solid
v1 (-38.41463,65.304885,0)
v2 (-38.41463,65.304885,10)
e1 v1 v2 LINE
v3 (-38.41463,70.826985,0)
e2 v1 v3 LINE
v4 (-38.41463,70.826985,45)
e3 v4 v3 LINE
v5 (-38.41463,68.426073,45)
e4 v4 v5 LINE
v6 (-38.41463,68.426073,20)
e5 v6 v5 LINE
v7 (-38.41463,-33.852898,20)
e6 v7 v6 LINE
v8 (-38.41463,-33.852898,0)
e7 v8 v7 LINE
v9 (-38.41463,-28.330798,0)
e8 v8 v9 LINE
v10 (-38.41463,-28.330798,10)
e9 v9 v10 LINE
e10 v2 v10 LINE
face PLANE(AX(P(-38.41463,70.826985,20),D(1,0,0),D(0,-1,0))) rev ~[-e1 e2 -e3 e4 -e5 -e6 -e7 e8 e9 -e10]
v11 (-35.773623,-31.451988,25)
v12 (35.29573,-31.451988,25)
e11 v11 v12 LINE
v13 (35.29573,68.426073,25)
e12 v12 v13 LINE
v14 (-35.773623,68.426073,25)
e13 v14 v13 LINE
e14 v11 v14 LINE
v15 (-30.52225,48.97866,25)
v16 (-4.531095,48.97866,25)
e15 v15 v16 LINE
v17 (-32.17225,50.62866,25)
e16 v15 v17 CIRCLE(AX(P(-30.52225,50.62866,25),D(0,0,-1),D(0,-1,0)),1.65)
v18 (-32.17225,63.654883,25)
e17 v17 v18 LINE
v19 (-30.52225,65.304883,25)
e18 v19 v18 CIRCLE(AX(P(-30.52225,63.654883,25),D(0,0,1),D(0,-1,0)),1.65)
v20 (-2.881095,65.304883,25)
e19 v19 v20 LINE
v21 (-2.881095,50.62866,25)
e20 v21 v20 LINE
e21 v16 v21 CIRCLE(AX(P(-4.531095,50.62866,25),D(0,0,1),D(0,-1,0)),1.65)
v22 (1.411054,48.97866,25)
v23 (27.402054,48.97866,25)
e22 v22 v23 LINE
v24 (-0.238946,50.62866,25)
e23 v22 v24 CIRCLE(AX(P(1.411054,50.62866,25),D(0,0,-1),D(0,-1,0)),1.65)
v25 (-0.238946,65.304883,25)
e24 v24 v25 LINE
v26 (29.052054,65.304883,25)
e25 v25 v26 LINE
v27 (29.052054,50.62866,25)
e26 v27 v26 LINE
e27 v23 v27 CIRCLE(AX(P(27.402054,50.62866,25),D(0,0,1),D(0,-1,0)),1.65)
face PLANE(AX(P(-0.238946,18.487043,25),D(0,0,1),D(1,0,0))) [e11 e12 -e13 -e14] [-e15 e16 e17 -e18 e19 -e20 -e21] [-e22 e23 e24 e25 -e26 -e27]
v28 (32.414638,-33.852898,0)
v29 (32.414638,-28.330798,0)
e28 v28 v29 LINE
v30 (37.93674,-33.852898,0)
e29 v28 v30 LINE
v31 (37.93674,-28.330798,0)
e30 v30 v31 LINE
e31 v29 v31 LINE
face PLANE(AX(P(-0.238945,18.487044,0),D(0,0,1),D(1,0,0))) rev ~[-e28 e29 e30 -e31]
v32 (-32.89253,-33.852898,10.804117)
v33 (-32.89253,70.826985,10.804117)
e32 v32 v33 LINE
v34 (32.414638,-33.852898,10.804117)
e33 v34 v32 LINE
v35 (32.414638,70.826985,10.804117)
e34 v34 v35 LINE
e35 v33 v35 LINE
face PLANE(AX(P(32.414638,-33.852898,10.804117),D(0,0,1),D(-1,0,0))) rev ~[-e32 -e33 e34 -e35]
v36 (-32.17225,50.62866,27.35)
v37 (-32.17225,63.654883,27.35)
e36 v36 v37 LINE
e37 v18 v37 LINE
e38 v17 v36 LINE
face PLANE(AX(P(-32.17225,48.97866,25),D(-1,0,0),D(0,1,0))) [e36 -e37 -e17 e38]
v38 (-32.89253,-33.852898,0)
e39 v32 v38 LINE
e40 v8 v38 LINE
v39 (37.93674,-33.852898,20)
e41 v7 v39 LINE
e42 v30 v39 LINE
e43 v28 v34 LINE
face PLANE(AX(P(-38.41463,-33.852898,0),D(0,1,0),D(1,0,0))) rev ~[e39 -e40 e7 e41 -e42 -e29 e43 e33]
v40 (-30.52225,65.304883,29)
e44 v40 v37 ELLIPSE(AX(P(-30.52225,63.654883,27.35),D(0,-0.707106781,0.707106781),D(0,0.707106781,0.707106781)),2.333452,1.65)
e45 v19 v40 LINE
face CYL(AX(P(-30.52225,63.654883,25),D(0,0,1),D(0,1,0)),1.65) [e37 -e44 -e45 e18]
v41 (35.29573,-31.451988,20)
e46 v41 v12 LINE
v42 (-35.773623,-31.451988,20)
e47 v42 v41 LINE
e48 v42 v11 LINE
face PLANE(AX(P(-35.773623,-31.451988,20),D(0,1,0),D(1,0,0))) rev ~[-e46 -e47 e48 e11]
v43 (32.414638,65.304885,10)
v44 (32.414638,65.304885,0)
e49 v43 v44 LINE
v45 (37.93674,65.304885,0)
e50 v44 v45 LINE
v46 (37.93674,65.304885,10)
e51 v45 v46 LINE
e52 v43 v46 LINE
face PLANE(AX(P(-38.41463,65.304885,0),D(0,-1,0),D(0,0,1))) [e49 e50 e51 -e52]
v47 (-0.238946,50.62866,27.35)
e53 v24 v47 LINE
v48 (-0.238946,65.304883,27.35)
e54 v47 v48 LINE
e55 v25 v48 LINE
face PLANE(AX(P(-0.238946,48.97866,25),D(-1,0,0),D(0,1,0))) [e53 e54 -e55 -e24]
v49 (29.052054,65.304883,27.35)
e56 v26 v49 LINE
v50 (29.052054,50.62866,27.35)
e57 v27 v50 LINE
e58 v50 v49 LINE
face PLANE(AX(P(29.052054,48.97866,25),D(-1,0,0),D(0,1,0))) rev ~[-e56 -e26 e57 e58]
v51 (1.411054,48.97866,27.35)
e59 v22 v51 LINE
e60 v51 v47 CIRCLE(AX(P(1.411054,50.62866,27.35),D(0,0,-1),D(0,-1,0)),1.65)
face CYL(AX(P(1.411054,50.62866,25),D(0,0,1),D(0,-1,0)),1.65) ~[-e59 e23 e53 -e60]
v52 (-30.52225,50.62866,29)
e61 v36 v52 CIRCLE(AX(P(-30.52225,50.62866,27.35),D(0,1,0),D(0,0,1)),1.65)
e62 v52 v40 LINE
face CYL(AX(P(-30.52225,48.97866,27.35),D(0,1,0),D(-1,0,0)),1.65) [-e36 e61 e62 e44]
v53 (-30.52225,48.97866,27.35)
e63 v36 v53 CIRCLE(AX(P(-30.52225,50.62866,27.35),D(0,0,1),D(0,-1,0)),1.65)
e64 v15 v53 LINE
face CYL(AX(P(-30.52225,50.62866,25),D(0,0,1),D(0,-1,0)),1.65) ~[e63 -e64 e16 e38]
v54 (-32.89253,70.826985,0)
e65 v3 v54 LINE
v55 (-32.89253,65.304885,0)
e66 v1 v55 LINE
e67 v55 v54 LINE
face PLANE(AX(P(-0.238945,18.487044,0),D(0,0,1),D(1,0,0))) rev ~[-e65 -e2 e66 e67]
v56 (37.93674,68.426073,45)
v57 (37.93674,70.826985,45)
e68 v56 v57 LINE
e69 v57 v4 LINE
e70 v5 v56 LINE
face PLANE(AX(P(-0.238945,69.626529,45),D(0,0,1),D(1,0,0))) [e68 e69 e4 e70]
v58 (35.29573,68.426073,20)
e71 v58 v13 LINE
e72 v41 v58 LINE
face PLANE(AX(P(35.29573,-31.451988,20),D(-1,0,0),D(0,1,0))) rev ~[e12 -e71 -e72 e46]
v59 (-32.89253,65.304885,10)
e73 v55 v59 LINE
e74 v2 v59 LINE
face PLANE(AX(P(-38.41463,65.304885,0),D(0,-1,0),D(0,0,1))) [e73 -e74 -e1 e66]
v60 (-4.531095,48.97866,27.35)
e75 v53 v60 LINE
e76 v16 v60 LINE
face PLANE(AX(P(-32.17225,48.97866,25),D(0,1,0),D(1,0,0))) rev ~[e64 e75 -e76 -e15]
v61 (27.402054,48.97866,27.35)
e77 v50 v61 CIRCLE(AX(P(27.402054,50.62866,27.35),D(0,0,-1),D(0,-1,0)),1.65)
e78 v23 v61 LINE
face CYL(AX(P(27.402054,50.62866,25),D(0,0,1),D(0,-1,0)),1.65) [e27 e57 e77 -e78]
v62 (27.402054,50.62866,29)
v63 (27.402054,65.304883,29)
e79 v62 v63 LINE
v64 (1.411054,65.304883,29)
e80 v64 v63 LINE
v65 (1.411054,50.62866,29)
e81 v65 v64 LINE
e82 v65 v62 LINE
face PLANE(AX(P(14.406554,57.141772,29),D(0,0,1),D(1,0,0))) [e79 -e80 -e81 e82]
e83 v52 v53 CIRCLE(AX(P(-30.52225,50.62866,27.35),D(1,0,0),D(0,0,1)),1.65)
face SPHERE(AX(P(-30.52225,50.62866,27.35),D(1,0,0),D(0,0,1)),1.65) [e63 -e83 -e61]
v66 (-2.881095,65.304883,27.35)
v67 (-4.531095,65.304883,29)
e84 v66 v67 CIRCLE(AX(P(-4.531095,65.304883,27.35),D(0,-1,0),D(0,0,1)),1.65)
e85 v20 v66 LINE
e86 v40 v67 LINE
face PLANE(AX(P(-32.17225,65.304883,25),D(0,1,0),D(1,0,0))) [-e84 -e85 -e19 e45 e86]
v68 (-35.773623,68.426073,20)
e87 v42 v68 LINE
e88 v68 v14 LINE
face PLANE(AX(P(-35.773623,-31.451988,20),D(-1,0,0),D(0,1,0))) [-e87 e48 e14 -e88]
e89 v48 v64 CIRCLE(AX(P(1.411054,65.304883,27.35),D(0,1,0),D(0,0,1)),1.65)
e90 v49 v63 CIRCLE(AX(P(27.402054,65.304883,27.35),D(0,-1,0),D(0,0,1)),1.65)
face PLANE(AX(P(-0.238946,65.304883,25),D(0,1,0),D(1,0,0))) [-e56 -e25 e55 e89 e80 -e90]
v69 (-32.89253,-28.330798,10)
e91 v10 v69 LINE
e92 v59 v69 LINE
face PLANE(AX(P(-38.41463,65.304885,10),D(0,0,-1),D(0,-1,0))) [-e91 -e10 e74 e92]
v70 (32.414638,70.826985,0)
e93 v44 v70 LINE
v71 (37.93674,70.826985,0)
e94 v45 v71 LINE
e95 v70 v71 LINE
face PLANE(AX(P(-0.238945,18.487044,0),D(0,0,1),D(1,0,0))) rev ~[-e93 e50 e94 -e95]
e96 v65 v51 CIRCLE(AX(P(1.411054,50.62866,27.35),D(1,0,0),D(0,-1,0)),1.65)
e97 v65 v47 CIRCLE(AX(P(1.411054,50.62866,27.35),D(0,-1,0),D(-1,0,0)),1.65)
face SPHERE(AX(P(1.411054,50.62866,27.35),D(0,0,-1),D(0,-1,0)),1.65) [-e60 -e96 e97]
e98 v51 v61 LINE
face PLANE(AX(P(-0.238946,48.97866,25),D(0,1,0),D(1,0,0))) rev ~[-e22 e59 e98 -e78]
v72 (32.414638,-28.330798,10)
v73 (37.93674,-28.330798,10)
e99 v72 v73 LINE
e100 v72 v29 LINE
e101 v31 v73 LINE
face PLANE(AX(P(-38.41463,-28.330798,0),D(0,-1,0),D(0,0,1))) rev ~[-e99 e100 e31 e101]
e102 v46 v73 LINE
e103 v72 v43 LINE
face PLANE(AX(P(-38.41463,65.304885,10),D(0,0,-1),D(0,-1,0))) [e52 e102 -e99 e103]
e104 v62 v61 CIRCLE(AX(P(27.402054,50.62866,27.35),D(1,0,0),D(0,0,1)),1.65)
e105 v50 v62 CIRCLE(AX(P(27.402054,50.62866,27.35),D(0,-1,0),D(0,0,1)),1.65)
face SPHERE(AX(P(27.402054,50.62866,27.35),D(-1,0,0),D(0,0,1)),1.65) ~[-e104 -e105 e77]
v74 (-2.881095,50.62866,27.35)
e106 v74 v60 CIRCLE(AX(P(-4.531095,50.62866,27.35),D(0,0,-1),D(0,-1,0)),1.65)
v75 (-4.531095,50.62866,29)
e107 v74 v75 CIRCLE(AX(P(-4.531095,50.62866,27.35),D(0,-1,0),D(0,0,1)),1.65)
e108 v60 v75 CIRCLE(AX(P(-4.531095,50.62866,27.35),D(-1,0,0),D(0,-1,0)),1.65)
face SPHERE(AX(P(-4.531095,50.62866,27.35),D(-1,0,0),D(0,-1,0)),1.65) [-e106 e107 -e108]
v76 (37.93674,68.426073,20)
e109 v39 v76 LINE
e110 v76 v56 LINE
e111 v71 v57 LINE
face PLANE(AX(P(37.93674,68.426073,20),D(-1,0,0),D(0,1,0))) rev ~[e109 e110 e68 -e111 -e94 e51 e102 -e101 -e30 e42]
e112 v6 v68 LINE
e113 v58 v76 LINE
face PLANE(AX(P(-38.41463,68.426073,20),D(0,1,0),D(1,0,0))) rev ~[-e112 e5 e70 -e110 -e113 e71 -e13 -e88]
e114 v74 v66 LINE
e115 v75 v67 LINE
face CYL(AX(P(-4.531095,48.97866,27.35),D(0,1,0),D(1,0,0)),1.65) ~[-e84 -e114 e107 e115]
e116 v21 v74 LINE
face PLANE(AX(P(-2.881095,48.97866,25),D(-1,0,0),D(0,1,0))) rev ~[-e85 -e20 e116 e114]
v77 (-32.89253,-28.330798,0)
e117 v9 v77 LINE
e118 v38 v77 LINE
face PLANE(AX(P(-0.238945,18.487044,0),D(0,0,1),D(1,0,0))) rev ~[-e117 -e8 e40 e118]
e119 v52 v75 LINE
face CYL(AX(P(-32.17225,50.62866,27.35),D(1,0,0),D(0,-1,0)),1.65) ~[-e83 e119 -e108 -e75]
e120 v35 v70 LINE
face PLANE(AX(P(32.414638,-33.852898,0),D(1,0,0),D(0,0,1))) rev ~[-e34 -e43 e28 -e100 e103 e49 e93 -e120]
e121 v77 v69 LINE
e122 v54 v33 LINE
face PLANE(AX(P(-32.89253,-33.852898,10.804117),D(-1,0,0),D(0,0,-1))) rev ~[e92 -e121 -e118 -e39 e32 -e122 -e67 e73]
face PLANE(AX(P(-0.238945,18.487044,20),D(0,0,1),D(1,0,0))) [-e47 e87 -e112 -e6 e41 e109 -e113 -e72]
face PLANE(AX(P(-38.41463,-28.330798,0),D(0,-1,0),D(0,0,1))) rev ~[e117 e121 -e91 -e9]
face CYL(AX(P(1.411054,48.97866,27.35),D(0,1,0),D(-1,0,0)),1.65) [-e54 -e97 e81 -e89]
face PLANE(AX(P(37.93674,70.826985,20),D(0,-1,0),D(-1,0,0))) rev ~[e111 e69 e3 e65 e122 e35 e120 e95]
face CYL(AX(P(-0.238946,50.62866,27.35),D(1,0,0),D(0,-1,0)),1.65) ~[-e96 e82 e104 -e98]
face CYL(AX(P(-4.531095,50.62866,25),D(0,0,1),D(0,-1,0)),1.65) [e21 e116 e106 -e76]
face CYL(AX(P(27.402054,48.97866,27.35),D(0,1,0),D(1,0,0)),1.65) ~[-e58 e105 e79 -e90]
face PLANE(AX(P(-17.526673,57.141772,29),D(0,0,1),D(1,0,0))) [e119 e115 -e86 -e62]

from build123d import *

# Parameters (mm, degrees)
F0_W      = 76.35137
F0_H      = 104.6798825264
F1_DEPTH  = 20
F3_DEPTH  = 105
F4_W      = 93.6356825264
F4_H      = 10
F5_DEPTH  = 100
F7_DEPTH  = 25
F6_W      = 71.0693526958
F6_H      = 99.8780601819
F8_DEPTH  = 5
F9_W      = 29.2911557481
F9_H      = 16.3262225688
F9_W_2    = 29.291
F10_DEPTH = 4
F11_R     = 1.65


with BuildPart() as f1:
    # F0 (on Top) → F1 (new body)
    with BuildSketch(Plane.XY):
        with Locations((-0.238945, 18.4870436788)):
            Rectangle(F0_W, F0_H)
    extrude(amount=F1_DEPTH)

    # F2 (on face) → F3 (cut)
    with BuildSketch(Plane.XZ.offset(33.8528975844)):
        Polygon((32.4146378825, 10.8041167259), (-32.89253, 10.8041167259), (-32.89253, 9.3744061509), (-32.89253, 0), (32.4146378825, 0), (32.4146378825, 9.3744061509), align=None)
    extrude(amount=-F3_DEPTH, mode=Mode.SUBTRACT)

    # F4 (on face) → F5 (cut)
    with BuildSketch(Plane(origin=(-38.41463, 0, 0), x_dir=(0, -1, 0), z_dir=(-1, 0, 0))):
        with Locations((-18.4870436788, 5)):
            Rectangle(F4_W, F4_H)
    extrude(amount=-F5_DEPTH, mode=Mode.SUBTRACT)

    # F6 (on face) → F7 (join)
    with BuildSketch(Plane.XY.offset(20)):
        Polygon((-38.41463, 68.4260725975), (-35.7736226958, 68.4260725975), (35.29573, 68.4260725975), (37.93674, 68.4260725975), (37.93674, 70.826984942), (-38.41463, 70.826984942), align=None)
    extrude(amount=F7_DEPTH)

    # F6 (on face) → F8 (join)
    with BuildSketch(Plane.XY.offset(20)):
        with Locations((-0.2389463479, 18.4870425065)):
            Rectangle(F6_W, F6_H)
    extrude(amount=F8_DEPTH)

    # F9 (on face) → F10 (join)
    with BuildSketch(Plane.XY.offset(25)):
        with Locations((-17.5266725798, 57.14177154)):
            Rectangle(F9_W, F9_H)
        with Locations((14.4065536521, 57.14177154)):
            Rectangle(F9_W_2, F9_H)
    extrude(amount=F10_DEPTH)

    # F11
    f11_edges = [f1.edges().sort_by_distance(p)[0] for p in [
        (-17.526673, 48.97866, 29),
        (-32.17225, 65.304883, 27),
        (-0.238946, 48.97866, 27),
        (14.406554, 48.97866, 29),
        (-0.238946, 57.141772, 29),
        (-32.17225, 57.141772, 29),
        (-32.17225, 48.97866, 27),
        (-2.881095, 48.97866, 27),
        (-2.881095, 57.141772, 29),
        (29.052054, 57.141772, 29),
        (29.052054, 48.97866, 27),
    ]]
    fillet(f11_edges, radius=F11_R)


solid = f1.part
